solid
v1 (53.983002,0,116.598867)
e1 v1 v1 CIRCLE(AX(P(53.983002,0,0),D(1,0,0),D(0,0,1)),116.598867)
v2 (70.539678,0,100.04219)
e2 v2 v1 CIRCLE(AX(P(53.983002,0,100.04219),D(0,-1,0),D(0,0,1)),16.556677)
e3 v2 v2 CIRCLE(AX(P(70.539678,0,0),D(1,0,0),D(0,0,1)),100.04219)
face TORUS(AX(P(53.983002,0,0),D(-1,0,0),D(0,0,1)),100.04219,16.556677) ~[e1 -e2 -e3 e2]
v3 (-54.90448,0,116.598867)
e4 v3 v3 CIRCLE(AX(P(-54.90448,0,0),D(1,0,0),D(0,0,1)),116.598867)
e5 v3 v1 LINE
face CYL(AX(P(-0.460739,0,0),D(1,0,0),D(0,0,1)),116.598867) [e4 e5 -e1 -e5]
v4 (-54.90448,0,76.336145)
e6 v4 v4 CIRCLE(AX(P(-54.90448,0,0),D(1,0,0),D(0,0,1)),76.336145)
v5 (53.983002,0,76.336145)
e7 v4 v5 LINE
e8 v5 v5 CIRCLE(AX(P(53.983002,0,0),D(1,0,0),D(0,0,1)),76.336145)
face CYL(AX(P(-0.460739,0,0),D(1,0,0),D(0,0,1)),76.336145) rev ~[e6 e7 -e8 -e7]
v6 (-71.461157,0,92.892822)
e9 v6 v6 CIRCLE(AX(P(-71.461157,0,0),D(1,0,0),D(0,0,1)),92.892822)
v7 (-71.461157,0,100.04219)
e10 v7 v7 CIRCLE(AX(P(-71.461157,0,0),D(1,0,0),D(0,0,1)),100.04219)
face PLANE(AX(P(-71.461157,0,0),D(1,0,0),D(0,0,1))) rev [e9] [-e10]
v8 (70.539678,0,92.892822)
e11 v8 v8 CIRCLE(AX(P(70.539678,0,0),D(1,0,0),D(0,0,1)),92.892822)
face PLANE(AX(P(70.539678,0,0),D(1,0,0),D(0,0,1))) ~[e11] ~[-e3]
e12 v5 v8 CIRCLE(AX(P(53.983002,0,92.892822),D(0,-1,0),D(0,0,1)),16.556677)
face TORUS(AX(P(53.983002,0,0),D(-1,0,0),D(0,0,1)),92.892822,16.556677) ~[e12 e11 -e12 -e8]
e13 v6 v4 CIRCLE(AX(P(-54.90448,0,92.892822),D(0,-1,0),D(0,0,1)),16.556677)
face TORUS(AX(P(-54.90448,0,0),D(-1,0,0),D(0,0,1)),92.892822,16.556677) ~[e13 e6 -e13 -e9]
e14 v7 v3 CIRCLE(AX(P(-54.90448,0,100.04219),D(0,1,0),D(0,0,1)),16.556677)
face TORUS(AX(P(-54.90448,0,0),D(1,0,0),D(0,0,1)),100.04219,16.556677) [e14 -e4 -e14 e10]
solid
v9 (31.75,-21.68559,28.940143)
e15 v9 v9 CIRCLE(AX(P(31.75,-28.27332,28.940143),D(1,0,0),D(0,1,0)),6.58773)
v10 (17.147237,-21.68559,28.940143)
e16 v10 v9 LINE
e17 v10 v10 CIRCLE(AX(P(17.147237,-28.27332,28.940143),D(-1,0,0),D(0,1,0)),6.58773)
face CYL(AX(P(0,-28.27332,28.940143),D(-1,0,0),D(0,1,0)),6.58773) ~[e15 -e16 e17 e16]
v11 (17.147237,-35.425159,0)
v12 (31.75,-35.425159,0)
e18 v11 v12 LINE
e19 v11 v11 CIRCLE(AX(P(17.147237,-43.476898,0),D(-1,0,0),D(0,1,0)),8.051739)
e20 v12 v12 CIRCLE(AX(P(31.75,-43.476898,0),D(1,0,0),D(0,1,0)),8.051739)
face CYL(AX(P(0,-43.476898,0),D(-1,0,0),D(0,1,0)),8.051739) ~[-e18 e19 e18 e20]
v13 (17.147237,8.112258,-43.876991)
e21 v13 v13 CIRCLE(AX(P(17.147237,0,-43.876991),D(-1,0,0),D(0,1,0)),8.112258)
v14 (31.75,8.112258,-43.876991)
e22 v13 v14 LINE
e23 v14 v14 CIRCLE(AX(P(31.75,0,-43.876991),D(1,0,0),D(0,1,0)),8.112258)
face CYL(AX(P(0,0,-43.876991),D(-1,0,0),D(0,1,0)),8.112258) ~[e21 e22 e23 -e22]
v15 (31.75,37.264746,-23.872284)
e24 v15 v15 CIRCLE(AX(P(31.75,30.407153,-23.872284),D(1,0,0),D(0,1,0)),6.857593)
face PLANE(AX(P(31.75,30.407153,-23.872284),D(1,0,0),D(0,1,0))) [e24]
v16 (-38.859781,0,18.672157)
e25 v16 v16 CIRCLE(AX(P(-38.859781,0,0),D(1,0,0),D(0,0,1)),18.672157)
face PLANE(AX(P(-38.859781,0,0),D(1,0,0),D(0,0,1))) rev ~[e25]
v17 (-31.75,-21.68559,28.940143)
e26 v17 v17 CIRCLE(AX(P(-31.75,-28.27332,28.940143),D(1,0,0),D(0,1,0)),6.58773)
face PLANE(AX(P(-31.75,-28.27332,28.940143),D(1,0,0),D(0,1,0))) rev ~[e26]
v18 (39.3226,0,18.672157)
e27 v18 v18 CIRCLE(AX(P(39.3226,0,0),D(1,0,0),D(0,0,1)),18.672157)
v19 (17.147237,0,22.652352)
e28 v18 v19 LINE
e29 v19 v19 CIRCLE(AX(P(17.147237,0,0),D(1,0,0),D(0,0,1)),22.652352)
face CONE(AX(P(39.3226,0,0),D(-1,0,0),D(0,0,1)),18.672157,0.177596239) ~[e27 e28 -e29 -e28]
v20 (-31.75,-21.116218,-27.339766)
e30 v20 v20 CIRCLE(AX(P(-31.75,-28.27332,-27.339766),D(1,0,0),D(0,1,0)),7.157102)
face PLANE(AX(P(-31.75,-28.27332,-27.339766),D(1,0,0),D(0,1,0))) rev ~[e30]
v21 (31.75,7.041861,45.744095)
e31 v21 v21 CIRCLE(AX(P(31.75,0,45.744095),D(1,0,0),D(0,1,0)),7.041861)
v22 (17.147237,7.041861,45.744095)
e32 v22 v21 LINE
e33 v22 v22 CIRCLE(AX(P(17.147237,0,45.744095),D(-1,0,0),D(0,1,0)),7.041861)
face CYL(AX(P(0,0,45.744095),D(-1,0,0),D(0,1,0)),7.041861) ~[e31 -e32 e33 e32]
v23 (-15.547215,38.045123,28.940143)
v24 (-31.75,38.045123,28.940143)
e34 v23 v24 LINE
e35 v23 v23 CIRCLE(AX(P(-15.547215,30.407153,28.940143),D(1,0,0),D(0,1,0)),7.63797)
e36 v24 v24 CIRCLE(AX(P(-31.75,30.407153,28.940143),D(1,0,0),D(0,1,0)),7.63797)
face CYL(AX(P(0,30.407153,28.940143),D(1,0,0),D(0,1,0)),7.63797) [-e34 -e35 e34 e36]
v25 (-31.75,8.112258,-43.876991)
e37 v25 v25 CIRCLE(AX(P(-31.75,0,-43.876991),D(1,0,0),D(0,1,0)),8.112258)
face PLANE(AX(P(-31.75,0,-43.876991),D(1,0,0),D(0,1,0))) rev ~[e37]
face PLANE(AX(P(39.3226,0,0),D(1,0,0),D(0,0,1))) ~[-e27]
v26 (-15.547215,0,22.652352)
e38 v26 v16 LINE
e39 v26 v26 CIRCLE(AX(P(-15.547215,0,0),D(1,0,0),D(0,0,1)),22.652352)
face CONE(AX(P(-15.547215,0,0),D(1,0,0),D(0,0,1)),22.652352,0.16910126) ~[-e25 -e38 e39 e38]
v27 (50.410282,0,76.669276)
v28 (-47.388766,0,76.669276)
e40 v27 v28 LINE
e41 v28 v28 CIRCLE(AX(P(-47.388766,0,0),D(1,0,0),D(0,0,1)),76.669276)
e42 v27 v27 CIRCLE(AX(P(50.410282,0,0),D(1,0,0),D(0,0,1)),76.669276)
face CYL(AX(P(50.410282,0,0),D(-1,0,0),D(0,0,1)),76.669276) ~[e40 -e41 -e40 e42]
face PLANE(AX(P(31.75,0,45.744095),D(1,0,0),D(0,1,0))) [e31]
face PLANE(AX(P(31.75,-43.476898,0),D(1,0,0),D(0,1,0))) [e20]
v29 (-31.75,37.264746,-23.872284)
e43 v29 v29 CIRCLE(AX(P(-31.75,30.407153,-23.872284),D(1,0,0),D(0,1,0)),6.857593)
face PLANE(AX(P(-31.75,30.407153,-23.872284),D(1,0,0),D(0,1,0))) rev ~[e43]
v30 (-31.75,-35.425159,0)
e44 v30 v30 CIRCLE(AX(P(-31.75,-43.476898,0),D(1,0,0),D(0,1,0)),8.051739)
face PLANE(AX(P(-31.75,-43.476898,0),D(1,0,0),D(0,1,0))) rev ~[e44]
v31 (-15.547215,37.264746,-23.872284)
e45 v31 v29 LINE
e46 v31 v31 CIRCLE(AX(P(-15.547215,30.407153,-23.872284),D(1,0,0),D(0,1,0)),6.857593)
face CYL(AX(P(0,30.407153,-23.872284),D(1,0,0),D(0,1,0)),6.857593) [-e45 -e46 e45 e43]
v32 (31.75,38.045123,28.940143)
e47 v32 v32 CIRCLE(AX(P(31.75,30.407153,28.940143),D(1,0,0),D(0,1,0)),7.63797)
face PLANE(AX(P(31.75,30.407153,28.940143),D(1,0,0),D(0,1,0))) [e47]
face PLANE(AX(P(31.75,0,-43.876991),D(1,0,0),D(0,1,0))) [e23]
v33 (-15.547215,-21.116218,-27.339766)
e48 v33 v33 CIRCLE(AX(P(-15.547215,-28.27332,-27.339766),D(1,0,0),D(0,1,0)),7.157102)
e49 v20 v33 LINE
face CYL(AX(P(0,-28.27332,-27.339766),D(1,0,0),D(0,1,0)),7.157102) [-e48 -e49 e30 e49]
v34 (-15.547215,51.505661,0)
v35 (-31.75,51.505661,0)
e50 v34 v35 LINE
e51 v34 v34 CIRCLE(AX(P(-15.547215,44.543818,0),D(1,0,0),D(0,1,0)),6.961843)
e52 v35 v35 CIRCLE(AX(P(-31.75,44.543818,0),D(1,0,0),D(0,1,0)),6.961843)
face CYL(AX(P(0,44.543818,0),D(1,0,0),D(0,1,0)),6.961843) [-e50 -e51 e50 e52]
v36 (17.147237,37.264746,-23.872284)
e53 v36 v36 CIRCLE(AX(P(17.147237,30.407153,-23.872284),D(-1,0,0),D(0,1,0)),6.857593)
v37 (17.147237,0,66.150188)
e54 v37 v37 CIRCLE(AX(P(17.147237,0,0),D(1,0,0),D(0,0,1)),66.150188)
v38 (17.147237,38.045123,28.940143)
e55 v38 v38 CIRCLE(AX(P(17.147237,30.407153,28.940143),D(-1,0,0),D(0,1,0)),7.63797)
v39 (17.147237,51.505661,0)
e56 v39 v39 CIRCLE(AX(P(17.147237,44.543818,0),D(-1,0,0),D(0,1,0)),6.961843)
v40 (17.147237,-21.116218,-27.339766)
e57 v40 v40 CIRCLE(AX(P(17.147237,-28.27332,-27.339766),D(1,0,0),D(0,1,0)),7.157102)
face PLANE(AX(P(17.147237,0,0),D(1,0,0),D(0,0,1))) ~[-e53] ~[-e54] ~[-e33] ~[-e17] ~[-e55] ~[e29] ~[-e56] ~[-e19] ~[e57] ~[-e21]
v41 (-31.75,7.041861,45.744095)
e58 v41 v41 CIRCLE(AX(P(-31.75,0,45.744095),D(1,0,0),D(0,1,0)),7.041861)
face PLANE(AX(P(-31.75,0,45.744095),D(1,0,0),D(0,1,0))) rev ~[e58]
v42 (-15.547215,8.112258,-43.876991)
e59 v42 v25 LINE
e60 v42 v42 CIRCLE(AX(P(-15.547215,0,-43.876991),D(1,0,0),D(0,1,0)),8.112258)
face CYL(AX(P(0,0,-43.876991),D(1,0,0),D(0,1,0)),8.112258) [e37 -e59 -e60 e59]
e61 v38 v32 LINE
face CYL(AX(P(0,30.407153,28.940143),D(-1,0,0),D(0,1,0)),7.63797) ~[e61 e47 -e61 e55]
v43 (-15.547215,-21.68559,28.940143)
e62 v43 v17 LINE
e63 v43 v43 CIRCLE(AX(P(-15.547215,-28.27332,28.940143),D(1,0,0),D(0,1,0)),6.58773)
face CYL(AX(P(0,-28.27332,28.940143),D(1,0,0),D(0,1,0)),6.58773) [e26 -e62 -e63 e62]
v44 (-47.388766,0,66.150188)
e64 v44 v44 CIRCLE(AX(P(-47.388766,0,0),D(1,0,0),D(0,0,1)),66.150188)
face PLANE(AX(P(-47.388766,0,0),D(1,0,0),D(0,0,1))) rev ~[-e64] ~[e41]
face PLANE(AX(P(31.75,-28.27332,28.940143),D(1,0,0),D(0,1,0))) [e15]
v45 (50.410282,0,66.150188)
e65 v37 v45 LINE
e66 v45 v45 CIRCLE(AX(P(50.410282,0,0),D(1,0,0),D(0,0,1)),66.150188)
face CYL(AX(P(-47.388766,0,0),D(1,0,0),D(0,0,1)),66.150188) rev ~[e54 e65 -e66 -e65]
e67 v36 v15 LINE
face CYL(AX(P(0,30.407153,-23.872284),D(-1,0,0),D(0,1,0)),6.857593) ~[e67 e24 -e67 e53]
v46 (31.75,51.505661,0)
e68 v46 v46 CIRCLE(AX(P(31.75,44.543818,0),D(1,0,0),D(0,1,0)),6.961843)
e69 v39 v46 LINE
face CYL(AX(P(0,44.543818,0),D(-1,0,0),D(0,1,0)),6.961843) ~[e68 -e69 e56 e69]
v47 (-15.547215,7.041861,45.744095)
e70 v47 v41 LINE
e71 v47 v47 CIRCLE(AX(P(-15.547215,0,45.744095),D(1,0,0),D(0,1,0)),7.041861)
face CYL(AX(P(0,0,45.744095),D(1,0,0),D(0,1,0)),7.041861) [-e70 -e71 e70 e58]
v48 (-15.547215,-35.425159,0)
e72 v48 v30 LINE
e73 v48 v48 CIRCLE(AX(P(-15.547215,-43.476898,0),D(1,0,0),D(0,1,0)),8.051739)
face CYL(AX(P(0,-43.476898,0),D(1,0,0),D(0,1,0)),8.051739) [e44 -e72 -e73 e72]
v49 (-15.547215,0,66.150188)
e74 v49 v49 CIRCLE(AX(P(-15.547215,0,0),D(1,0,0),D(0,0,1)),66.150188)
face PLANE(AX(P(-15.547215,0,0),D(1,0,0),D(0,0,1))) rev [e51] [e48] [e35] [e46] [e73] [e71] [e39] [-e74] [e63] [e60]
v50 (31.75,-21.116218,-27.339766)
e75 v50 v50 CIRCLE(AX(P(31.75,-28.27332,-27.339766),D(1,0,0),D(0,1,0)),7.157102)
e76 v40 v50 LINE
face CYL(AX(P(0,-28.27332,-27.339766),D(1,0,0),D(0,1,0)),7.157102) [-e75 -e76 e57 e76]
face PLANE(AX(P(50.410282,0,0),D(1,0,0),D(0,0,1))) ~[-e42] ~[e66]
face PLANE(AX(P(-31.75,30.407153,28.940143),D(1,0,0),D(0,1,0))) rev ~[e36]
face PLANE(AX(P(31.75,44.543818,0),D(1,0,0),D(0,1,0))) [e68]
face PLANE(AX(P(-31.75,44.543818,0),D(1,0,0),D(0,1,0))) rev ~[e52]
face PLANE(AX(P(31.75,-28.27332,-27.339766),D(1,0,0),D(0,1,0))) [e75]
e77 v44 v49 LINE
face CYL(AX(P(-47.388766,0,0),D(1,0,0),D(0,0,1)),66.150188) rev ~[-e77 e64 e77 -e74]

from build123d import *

# Parameters (mm, degrees)
F0_W     = 32.694452
F0_H     = 43.497836
F2_W     = 142.000835
F2_H     = 40.262722
F4_R     = 16.556677
F5_R     = 8.051739
F5_R_2   = 7.041861
F5_R_3   = 6.961843
F5_R_4   = 8.112258
F5_R_5   = 6.58773
F5_R_6   = 7.63797
F5_R_7   = 6.857593
F5_R_8   = 7.157102
F6_DEPTH = 31.75


with BuildPart() as f1:
    # F0 (on Front) → F1 (revolve)
    with BuildSketch(Plane.XZ):
        Polygon((50.410282, 76.669276), (-47.388766, 76.669276), (-47.388766, 66.150188), (-15.547215, 66.150188), (17.147237, 66.150188), (50.410282, 66.150188), align=None)
        with Locations((0.800011, 44.40127)):
            Rectangle(F0_W, F0_H)
        Polygon((17.147237, 22.652352), (-15.547215, 22.652352), (-38.859781, 18.672157), (-38.859781, 0), (39.3226, 0), (39.3226, 18.672157), align=None)
    revolve(axis=Axis((0.231409, 0, 0), (1, 0, 0)))

    # F5 (on Right) → F6 (join, symmetric)
    with BuildSketch(Plane.YZ):
        with Locations((-43.476898, 0)):
            Circle(F5_R)
        with Locations((0, 45.744095)):
            Circle(F5_R_2)
        with Locations((44.543818, 0)):
            Circle(F5_R_3)
        with Locations((0, -43.876991)):
            Circle(F5_R_4)
        with Locations((-28.27332, 28.940143)):
            Circle(F5_R_5)
        with Locations((30.407153, 28.940143)):
            Circle(F5_R_6)
        with Locations((30.407153, -23.872284)):
            Circle(F5_R_7)
        with Locations((-28.27332, -27.339766)):
            Circle(F5_R_8)
    extrude(amount=F6_DEPTH, both=True)


with BuildPart() as f3:
    # F2 (on Front) → F3 (revolve)
    with BuildSketch(Plane.XZ):
        with Locations((-0.460739, 96.467506)):
            Rectangle(F2_W, F2_H)
    revolve(axis=Axis((5.63699, 0, 0), (1, 0, 0)))

    # F4
    f4_edges = [f3.edges().sort_by_distance(p)[0] for p in [
        (-71.461156, 0, -116.598867),
        (-71.461156, 0, -76.336145),
        (70.539679, 0, -116.598867),
        (70.539679, 0, -76.336145),
    ]]
    fillet(f4_edges, radius=F4_R)


solid = Compound([f1.part, f3.part])
